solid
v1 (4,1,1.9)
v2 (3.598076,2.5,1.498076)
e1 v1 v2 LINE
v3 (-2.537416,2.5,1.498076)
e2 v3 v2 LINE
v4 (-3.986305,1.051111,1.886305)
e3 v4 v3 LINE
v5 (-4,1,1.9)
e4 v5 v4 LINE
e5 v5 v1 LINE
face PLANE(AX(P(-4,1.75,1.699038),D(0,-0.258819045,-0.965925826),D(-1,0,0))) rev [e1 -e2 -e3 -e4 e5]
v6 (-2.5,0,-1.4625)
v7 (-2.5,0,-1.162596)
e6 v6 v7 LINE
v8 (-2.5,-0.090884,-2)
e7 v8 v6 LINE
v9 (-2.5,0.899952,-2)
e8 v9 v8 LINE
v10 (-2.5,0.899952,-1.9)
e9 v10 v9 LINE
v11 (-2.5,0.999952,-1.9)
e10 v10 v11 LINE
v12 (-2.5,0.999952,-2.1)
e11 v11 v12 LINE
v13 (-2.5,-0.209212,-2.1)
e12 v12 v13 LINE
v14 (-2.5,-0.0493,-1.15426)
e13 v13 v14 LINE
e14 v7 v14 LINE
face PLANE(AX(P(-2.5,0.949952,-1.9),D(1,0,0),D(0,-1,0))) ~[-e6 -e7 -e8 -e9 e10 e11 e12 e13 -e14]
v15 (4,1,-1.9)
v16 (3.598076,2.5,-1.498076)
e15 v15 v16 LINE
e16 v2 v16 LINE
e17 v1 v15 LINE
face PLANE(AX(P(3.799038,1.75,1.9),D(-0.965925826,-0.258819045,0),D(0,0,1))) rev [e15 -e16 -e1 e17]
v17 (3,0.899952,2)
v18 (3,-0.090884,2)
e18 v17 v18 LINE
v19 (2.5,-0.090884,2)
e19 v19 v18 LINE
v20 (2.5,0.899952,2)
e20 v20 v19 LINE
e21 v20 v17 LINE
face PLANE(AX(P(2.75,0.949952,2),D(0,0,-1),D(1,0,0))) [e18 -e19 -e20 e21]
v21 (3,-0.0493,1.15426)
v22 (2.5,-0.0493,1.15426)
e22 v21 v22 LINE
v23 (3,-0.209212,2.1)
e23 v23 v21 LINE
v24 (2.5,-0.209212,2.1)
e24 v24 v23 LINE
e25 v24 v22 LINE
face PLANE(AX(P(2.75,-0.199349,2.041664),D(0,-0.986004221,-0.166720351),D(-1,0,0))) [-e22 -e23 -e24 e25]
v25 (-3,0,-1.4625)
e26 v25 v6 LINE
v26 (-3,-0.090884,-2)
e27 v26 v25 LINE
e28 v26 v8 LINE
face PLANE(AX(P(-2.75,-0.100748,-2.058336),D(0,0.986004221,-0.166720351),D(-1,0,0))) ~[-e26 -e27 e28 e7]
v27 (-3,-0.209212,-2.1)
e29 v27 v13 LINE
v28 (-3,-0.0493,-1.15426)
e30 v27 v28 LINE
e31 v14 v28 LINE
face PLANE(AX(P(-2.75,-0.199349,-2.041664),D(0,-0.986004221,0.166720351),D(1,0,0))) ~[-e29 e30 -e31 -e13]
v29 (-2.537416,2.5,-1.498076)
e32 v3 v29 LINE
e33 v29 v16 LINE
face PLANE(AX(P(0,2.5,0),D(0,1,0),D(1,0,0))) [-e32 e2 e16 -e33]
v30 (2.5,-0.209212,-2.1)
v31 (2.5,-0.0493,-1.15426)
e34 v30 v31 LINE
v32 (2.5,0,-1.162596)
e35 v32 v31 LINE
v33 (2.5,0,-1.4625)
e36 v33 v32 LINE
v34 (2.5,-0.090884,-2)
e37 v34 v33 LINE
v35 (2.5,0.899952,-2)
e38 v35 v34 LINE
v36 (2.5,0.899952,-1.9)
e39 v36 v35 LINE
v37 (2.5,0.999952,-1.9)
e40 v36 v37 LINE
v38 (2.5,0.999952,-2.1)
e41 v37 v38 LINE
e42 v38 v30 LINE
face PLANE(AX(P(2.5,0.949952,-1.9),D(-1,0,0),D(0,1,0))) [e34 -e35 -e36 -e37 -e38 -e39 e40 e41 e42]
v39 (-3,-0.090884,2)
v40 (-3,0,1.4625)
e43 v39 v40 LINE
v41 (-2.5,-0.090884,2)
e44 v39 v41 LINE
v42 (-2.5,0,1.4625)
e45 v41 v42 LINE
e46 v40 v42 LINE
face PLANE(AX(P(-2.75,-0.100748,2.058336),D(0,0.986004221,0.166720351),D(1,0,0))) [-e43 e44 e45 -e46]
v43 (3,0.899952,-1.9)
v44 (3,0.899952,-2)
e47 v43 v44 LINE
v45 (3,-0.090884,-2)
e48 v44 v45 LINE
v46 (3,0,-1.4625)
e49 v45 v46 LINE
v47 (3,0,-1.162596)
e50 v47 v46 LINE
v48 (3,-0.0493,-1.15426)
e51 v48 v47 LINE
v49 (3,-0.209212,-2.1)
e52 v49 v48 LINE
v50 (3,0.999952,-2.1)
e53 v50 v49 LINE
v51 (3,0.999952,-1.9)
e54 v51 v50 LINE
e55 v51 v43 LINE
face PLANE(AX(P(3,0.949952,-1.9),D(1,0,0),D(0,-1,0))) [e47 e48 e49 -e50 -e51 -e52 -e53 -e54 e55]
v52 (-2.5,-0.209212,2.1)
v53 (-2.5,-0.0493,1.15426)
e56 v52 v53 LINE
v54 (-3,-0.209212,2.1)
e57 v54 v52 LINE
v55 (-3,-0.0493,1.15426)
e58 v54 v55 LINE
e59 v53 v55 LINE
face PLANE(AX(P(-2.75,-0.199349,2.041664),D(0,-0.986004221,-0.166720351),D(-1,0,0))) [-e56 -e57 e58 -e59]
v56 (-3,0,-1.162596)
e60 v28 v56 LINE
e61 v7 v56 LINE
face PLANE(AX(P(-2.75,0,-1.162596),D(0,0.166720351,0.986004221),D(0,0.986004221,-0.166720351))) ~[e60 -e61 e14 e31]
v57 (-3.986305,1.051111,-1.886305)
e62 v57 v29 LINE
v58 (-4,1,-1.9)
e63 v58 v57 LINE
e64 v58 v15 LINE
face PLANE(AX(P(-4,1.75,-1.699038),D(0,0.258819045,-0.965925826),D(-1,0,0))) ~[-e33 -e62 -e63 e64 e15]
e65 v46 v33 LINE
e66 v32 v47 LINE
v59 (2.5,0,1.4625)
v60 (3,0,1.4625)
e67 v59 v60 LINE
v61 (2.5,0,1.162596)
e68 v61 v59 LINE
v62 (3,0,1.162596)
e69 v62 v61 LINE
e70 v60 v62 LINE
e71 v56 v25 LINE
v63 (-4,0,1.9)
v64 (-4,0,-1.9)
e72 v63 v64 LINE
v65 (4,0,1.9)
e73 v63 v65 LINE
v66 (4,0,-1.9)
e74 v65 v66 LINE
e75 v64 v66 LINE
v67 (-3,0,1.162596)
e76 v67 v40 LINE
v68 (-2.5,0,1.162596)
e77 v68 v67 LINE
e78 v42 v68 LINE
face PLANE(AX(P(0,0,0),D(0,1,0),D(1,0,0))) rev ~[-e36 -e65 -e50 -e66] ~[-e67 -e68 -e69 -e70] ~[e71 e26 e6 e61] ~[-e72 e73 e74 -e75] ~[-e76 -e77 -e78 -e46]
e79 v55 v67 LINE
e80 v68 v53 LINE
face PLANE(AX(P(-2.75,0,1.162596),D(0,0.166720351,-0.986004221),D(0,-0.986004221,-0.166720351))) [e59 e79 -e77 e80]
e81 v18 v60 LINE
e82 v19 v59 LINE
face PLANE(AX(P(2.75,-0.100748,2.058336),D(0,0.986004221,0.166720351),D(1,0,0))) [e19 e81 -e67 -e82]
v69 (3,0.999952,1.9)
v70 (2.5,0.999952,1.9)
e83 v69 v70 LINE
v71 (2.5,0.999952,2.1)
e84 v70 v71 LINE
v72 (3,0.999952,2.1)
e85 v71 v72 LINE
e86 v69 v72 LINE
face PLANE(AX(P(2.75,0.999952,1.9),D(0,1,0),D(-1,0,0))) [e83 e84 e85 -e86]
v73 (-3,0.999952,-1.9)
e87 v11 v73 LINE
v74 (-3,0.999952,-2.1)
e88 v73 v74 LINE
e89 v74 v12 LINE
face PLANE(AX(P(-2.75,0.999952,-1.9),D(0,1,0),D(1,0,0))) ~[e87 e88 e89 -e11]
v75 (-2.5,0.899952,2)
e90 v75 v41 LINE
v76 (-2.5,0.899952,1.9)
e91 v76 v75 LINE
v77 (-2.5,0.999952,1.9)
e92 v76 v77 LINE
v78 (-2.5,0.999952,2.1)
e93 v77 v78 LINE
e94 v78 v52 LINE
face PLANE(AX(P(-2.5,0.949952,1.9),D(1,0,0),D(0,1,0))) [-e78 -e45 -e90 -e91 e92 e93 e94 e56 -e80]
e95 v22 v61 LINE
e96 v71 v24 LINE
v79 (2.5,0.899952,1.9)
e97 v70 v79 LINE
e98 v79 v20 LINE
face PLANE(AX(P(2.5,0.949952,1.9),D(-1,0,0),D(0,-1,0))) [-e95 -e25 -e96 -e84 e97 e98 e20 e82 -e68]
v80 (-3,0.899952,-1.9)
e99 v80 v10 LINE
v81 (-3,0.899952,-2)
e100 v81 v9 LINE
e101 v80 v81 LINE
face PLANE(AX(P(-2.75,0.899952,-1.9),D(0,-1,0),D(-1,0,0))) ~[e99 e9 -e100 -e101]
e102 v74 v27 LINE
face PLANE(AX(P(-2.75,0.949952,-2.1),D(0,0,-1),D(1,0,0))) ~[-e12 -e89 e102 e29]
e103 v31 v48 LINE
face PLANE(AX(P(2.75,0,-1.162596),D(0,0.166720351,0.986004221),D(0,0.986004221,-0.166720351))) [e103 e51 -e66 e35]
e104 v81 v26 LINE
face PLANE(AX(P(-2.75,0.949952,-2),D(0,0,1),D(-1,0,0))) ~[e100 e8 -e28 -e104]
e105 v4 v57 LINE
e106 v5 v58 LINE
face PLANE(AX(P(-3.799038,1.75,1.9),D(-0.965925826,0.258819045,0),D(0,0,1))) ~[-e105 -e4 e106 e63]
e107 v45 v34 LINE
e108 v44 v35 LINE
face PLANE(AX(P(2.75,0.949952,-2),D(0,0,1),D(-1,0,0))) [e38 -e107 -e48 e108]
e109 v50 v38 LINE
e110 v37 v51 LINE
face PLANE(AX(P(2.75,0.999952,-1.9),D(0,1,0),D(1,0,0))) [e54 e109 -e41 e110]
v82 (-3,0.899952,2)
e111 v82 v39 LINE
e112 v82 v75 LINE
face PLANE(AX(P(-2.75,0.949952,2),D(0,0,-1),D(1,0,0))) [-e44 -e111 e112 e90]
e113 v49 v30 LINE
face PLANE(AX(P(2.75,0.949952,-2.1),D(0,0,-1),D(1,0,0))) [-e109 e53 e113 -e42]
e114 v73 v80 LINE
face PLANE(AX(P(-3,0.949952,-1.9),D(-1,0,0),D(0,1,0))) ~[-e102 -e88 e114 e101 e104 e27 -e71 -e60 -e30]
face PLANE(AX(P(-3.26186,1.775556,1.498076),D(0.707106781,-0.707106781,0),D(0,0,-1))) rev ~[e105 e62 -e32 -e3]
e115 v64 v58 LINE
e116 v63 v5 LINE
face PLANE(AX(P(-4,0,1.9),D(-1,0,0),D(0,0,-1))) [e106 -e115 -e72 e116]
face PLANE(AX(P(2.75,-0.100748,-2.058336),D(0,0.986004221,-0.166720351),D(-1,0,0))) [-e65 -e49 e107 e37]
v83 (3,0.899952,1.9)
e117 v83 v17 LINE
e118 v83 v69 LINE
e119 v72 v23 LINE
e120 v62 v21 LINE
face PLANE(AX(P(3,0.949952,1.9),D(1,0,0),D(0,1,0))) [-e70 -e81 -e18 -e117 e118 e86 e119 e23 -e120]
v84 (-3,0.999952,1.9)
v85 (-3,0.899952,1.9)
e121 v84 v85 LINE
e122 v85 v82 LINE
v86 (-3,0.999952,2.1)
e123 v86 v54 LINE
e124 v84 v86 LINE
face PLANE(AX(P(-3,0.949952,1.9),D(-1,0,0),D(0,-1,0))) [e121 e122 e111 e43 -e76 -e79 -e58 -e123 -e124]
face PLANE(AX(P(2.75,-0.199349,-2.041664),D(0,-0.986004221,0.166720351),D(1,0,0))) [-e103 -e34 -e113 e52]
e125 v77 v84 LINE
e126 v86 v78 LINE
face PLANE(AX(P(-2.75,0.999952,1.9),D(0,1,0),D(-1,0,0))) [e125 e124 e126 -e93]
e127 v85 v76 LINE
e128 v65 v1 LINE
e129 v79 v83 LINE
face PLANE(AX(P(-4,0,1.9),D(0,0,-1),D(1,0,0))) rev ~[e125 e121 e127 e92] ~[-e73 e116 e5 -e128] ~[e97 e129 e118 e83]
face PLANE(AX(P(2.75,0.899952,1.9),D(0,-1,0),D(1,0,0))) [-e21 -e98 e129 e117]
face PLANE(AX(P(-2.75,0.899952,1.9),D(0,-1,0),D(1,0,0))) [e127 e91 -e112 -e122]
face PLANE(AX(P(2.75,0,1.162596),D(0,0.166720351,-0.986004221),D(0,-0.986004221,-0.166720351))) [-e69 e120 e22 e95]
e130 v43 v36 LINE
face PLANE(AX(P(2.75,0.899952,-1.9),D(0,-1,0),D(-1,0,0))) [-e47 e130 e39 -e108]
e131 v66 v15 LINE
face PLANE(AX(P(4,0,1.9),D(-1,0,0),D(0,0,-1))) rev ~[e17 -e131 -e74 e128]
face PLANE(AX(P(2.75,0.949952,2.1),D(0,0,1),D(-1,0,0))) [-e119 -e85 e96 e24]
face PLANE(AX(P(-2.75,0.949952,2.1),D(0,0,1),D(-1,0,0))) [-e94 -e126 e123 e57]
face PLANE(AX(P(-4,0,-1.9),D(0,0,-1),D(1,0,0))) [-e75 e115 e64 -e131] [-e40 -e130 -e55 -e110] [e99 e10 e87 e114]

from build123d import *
from OCP.BRepFilletAPI import BRepFilletAPI_MakeChamfer

# Parameters (mm, degrees)
SKETCH1_W               = 8
SKETCH1_H               = 3.8
BOSS_EXTRUDE1_DEPTH     = 2.5
CHAMFER1_SIZE           = 1.5
CHAMFER1_SIZE2          = 0.401923789
CHAMFER2_SIZE           = 1.5
CHAMFER2_SIZE2          = 1.060660172
SKETCH2_W               = 0.5
SKETCH2_H               = 0.1
LPATTERN1_COUNT         = 2
LPATTERN1_PITCH         = 5.5
MIRROR1_COPY_1_SKETCH_W = 0.5
MIRROR1_COPY_1_SKETCH_H = 0.1
MIRROR1_COPY_2_SKETCH_W = 0.5
MIRROR1_COPY_2_SKETCH_H = 0.1


with BuildPart() as part:
    # Sketch1 → Boss-Extrude1 (new body)
    with BuildSketch(Plane(origin=(0, 0, 0), x_dir=(1, 0, 0), z_dir=(0, 1, 0))):
        Rectangle(SKETCH1_W, SKETCH1_H)
    extrude(amount=BOSS_EXTRUDE1_DEPTH)

    # Chamfer1: one chamfer whose edges measure the first distance from different faces: ONE call of the kernel's chamfer builder (chamfer() names one face for all edges)
    chamfer1_edges_1 = [part.edges().sort_by_distance(p)[0] for p in [
        (-4, 2.5, 0),
    ]]
    chamfer1_side_1 = [part.faces().sort_by_distance(p)[0] for p in [
        (-4, 1.25, 0),
    ]]
    chamfer1_edges_2 = [part.edges().sort_by_distance(p)[0] for p in [
        (0, 2.5, -1.9),
    ]]
    chamfer1_side_2 = [part.faces().sort_by_distance(p)[0] for p in [
        (0, 1.25, -1.9),
    ]]
    chamfer1_edges_3 = [part.edges().sort_by_distance(p)[0] for p in [
        (4, 2.5, 0),
    ]]
    chamfer1_side_3 = [part.faces().sort_by_distance(p)[0] for p in [
        (4, 1.25, 0),
    ]]
    chamfer1_edges_4 = [part.edges().sort_by_distance(p)[0] for p in [
        (0, 2.5, 1.9),
    ]]
    chamfer1_side_4 = [part.faces().sort_by_distance(p)[0] for p in [
        (0, 1.25, 1.9),
    ]]
    chamfer1 = BRepFilletAPI_MakeChamfer(part.part.solid().wrapped)
    for e in chamfer1_edges_1:
        chamfer1.Add(CHAMFER1_SIZE, CHAMFER1_SIZE2, e.wrapped, chamfer1_side_1[0].wrapped)  # the first distance lies on this face
    for e in chamfer1_edges_2:
        chamfer1.Add(CHAMFER1_SIZE, CHAMFER1_SIZE2, e.wrapped, chamfer1_side_2[0].wrapped)  # the first distance lies on this face
    for e in chamfer1_edges_3:
        chamfer1.Add(CHAMFER1_SIZE, CHAMFER1_SIZE2, e.wrapped, chamfer1_side_3[0].wrapped)  # the first distance lies on this face
    for e in chamfer1_edges_4:
        chamfer1.Add(CHAMFER1_SIZE, CHAMFER1_SIZE2, e.wrapped, chamfer1_side_4[0].wrapped)  # the first distance lies on this face
    add(Compound.cast(chamfer1.Shape()), mode=Mode.REPLACE)

    # Chamfer2
    chamfer2_edges = [part.edges().sort_by_distance(p)[0] for p in [
        (-3.598076211, 2.5, 0),
    ]]
    chamfer2_side = [part.faces().sort_by_distance(p)[0] for p in [
        (-3.80696135, 1.720430049, 0),
    ]]
    chamfer(chamfer2_edges, length=CHAMFER2_SIZE, length2=CHAMFER2_SIZE2, reference=chamfer2_side[0])

    # Sweep1: sweep along a path in Sketch3
    with BuildLine(Plane(origin=(-2.75, 0, 0), x_dir=(0, 0, -1), z_dir=(1, 0, 0))) as sweep1_path:
        Line((-1.9, 0.949951684), (-2.05, 0.949951684))
        Line((-2.05, 0.949951684), (-2.05, -0.150048316))
        Line((-2.05, -0.150048316), (-1.162596201, 0))
    # Sketch2 → Sweep1 (sweep)
    with BuildSketch(Plane.XY.offset(1.9)):
        with Locations((-2.75, 0.949951684)):
            Rectangle(SKETCH2_W, SKETCH2_H)
    sweep1 = sweep(path=sweep1_path.line, transition=Transition.RIGHT)

    # LPattern1: Sweep1 ×2
    with Locations(*[(i * LPATTERN1_PITCH, 0, 0) for i in range(1, LPATTERN1_COUNT)]):
        add(sweep1)

    # Mirror1 copy 1: sweep along a path in Mirror1 copy 1 path
    with BuildLine(Plane(origin=(2.75, 0, 0), x_dir=(0, 0, 1), z_dir=(1, 0, 0))) as mirror1_copy_1_path:
        Line((-1.9, -0.949951684), (-2.05, -0.949951684))
        Line((-2.05, -0.949951684), (-2.05, 0.150048316))
        Line((-2.05, 0.150048316), (-1.162596201, 0))
    # Mirror1 copy 1 sketch → Mirror1 copy 1 (sweep)
    with BuildSketch(Plane(origin=(5.5, 0, -1.9), x_dir=(1, 0, 0), z_dir=(0, 0, -1))):
        with Locations((-2.75, -0.949951684)):
            Rectangle(MIRROR1_COPY_1_SKETCH_W, MIRROR1_COPY_1_SKETCH_H)
    sweep(path=mirror1_copy_1_path.line, transition=Transition.RIGHT)

    # Mirror1 copy 2: sweep along a path in Mirror1 copy 2 path
    with BuildLine(Plane(origin=(-2.75, 0, 0), x_dir=(0, 0, 1), z_dir=(1, 0, 0))) as mirror1_copy_2_path:
        Line((-1.9, -0.949951684), (-2.05, -0.949951684))
        Line((-2.05, -0.949951684), (-2.05, 0.150048316))
        Line((-2.05, 0.150048316), (-1.162596201, 0))
    # Mirror1 copy 2 sketch → Mirror1 copy 2 (sweep)
    with BuildSketch(Plane(origin=(0, 0, -1.9), x_dir=(1, 0, 0), z_dir=(0, 0, -1))):
        with Locations((-2.75, -0.949951684)):
            Rectangle(MIRROR1_COPY_2_SKETCH_W, MIRROR1_COPY_2_SKETCH_H)
    sweep(path=mirror1_copy_2_path.line, transition=Transition.RIGHT)


solid = part.part
